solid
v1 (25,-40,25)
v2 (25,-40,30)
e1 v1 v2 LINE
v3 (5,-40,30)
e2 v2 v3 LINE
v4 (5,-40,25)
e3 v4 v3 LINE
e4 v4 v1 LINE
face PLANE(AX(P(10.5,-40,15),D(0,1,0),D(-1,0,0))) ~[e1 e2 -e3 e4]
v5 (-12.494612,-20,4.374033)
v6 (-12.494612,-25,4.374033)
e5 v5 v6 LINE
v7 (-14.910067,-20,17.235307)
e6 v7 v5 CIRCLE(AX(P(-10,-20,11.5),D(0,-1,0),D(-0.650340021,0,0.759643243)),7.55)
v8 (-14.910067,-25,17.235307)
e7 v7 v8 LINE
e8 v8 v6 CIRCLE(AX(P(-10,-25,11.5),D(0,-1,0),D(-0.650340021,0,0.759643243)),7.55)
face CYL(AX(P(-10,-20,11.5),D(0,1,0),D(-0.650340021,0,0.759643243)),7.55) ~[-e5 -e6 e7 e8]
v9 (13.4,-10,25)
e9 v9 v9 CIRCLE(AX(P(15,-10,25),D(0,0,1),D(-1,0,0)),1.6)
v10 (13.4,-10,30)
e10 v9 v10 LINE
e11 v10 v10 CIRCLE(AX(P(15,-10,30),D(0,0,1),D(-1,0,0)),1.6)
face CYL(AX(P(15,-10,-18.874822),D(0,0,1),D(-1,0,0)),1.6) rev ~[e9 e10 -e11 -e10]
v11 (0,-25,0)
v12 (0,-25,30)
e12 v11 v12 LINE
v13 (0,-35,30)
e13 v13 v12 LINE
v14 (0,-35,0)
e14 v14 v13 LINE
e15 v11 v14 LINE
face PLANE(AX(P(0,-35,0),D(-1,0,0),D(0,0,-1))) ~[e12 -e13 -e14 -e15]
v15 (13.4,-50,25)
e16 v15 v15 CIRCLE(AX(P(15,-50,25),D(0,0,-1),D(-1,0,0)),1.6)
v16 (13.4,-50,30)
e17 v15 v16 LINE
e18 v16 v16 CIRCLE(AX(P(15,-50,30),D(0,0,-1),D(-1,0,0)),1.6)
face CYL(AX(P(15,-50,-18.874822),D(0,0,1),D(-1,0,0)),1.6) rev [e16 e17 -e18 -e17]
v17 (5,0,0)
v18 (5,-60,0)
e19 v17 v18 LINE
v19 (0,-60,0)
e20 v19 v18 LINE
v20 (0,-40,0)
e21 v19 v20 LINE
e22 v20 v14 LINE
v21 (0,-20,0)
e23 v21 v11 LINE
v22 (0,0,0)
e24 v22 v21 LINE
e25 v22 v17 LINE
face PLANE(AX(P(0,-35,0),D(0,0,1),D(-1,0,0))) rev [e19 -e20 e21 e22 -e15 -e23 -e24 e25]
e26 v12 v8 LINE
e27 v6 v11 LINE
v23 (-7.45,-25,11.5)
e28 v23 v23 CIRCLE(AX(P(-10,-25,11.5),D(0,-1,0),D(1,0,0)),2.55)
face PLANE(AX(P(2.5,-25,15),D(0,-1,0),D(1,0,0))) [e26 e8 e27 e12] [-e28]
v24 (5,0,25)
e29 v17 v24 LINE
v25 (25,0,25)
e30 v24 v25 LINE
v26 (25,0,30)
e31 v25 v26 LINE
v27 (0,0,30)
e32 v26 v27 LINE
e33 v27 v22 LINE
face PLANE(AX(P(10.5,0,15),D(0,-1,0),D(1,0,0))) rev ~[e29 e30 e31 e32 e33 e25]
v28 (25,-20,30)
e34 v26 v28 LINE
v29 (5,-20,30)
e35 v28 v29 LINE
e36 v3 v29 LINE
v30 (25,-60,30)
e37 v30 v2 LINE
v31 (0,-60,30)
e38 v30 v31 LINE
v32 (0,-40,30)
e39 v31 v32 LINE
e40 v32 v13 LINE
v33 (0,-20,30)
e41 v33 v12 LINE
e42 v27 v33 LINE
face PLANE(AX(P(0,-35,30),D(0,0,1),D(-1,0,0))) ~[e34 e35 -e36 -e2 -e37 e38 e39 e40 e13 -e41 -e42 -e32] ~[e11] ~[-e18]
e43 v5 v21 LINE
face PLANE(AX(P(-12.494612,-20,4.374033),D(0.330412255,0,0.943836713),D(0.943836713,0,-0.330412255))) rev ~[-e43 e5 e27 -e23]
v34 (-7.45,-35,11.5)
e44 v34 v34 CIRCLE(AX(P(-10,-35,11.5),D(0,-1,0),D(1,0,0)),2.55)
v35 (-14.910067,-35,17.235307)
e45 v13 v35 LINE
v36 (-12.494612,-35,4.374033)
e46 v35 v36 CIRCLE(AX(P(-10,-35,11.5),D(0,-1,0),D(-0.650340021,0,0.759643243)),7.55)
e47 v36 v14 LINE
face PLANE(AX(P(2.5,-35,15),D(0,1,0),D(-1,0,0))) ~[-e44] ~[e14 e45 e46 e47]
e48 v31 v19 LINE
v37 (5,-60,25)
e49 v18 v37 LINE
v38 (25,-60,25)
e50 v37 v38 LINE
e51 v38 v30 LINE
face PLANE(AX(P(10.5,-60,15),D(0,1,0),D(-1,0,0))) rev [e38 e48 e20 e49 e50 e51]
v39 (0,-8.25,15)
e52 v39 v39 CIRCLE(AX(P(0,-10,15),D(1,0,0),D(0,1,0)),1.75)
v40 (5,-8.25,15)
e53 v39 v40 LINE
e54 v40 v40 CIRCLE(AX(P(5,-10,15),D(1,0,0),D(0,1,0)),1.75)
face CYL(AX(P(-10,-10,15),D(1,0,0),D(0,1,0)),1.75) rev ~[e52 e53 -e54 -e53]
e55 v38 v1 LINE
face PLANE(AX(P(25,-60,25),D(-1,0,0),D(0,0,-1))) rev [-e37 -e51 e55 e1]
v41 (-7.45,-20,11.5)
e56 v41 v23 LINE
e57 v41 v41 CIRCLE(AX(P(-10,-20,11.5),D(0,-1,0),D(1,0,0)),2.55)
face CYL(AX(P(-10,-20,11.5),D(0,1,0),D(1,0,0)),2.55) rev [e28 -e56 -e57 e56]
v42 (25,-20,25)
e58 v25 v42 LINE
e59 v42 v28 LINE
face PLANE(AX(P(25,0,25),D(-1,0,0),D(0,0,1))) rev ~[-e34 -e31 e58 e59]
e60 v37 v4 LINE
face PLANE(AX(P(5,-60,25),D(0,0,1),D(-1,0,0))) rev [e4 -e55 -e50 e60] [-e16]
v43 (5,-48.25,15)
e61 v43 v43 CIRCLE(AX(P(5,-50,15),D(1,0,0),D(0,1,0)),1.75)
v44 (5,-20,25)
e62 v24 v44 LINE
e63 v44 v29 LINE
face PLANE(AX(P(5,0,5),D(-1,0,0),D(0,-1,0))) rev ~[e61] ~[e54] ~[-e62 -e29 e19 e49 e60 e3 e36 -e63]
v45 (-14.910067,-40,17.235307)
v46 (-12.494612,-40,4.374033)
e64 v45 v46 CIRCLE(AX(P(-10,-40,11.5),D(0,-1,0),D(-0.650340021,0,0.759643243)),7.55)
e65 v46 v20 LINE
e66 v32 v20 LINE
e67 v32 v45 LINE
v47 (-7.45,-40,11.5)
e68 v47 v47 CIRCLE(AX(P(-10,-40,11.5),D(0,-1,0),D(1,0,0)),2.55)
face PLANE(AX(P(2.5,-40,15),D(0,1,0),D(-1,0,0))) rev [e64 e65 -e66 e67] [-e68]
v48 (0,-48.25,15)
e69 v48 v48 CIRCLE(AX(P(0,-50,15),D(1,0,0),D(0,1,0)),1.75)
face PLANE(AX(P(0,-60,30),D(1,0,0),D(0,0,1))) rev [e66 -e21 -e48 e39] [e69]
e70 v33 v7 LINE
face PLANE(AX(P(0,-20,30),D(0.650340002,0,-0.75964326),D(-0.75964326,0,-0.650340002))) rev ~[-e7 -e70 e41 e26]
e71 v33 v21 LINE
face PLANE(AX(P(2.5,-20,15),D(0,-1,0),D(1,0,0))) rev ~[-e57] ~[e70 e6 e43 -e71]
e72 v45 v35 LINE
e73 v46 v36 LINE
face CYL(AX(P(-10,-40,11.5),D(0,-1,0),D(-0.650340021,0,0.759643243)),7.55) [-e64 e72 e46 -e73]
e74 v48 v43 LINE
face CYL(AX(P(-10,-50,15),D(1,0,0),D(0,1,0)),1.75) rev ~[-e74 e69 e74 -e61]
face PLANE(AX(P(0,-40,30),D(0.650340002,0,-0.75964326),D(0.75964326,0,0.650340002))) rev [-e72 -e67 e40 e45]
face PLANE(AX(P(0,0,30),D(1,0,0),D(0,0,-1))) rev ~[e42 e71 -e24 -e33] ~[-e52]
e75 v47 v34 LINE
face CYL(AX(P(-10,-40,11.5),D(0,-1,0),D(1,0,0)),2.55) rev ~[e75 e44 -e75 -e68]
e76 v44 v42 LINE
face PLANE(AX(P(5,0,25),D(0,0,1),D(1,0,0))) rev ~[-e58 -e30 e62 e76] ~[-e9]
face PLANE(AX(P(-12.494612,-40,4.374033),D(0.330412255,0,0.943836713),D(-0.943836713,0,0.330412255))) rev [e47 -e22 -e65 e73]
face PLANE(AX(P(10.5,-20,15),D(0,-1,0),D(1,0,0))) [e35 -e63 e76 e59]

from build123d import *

# Parameters (mm, degrees)
F1_DEPTH  = 20
F4_D      = 3.2
F5_R      = 2.55
F6_DEPTH  = 5
F7_W      = 5
F7_H      = 30
F8_DEPTH  = 5
F10_W     = 20
F10_H     = 20
F10_H_2   = 40
F11_DEPTH = 5
F13_D     = 3.5
F13_DEPTH = 10


with BuildPart() as f1:
    # F0 (on Front) → F1 (new body)
    with BuildSketch(Plane.XZ):
        Polygon((0, 0), (25, 0), (25, 5), (5, 5), (5, 25), (25, 25), (25, 30), (0, 30), align=None)
    extrude(amount=F1_DEPTH)

    # F4 (through all)
    with Locations(Plane(origin=(0, 0, 25), x_dir=(1, 0, 0), z_dir=(0, 0, -1))):
        with Locations((15, 10), (15, -10)):
            Hole(F4_D / 2)

    # F5 (on face) → F6 (join)
    with BuildSketch(Plane.XZ.offset(20)):
        Polygon((5, 30), (0, 30), (0, 0), (5, 0), (5, 5), (5, 25), align=None)
        with BuildLine():
            Line((0, 0), (0, 30))
            Line((0, 30), (-14.910067, 17.235307))
            ThreePointArc((-14.910067, 17.235307), (-17.42027, 10.106411), (-12.494612, 4.374033))
            Line((-12.494612, 4.374033), (0, 0))
        make_face()
        with Locations((-10, 11.5)):
            Circle(F5_R, mode=Mode.SUBTRACT)
    extrude(amount=F6_DEPTH)

    # F7 (on face) → F8 (join)
    with BuildSketch(Plane.XZ.offset(25)):
        with Locations((2.5, 15)):
            Rectangle(F7_W, F7_H)
    extrude(amount=F8_DEPTH)

    # F9: F1 across face


with BuildPart() as f1_1:
    add(f1.part)
    add(f1.part.mirror(Plane(origin=(2.5, -30, 15), x_dir=(1, 0, 0), z_dir=(0, -1, 0))))

    # F10 (on face) → F11 (cut, through all)
    with BuildSketch(Plane.XY.offset(5)):
        with Locations((15, -10)):
            Rectangle(F10_W, F10_H)
        with Locations((15, -40)):
            Rectangle(F10_W, F10_H_2)
    extrude(amount=-F11_DEPTH, mode=Mode.SUBTRACT)

    # F13
    with Locations(Plane(origin=(0, 0, 0), x_dir=(0, -1, 0), z_dir=(-1, 0, 0))):
        with Locations((10, 15), (50, 15)):
            Hole(F13_D / 2, depth=F13_DEPTH)


solid = f1_1.part
